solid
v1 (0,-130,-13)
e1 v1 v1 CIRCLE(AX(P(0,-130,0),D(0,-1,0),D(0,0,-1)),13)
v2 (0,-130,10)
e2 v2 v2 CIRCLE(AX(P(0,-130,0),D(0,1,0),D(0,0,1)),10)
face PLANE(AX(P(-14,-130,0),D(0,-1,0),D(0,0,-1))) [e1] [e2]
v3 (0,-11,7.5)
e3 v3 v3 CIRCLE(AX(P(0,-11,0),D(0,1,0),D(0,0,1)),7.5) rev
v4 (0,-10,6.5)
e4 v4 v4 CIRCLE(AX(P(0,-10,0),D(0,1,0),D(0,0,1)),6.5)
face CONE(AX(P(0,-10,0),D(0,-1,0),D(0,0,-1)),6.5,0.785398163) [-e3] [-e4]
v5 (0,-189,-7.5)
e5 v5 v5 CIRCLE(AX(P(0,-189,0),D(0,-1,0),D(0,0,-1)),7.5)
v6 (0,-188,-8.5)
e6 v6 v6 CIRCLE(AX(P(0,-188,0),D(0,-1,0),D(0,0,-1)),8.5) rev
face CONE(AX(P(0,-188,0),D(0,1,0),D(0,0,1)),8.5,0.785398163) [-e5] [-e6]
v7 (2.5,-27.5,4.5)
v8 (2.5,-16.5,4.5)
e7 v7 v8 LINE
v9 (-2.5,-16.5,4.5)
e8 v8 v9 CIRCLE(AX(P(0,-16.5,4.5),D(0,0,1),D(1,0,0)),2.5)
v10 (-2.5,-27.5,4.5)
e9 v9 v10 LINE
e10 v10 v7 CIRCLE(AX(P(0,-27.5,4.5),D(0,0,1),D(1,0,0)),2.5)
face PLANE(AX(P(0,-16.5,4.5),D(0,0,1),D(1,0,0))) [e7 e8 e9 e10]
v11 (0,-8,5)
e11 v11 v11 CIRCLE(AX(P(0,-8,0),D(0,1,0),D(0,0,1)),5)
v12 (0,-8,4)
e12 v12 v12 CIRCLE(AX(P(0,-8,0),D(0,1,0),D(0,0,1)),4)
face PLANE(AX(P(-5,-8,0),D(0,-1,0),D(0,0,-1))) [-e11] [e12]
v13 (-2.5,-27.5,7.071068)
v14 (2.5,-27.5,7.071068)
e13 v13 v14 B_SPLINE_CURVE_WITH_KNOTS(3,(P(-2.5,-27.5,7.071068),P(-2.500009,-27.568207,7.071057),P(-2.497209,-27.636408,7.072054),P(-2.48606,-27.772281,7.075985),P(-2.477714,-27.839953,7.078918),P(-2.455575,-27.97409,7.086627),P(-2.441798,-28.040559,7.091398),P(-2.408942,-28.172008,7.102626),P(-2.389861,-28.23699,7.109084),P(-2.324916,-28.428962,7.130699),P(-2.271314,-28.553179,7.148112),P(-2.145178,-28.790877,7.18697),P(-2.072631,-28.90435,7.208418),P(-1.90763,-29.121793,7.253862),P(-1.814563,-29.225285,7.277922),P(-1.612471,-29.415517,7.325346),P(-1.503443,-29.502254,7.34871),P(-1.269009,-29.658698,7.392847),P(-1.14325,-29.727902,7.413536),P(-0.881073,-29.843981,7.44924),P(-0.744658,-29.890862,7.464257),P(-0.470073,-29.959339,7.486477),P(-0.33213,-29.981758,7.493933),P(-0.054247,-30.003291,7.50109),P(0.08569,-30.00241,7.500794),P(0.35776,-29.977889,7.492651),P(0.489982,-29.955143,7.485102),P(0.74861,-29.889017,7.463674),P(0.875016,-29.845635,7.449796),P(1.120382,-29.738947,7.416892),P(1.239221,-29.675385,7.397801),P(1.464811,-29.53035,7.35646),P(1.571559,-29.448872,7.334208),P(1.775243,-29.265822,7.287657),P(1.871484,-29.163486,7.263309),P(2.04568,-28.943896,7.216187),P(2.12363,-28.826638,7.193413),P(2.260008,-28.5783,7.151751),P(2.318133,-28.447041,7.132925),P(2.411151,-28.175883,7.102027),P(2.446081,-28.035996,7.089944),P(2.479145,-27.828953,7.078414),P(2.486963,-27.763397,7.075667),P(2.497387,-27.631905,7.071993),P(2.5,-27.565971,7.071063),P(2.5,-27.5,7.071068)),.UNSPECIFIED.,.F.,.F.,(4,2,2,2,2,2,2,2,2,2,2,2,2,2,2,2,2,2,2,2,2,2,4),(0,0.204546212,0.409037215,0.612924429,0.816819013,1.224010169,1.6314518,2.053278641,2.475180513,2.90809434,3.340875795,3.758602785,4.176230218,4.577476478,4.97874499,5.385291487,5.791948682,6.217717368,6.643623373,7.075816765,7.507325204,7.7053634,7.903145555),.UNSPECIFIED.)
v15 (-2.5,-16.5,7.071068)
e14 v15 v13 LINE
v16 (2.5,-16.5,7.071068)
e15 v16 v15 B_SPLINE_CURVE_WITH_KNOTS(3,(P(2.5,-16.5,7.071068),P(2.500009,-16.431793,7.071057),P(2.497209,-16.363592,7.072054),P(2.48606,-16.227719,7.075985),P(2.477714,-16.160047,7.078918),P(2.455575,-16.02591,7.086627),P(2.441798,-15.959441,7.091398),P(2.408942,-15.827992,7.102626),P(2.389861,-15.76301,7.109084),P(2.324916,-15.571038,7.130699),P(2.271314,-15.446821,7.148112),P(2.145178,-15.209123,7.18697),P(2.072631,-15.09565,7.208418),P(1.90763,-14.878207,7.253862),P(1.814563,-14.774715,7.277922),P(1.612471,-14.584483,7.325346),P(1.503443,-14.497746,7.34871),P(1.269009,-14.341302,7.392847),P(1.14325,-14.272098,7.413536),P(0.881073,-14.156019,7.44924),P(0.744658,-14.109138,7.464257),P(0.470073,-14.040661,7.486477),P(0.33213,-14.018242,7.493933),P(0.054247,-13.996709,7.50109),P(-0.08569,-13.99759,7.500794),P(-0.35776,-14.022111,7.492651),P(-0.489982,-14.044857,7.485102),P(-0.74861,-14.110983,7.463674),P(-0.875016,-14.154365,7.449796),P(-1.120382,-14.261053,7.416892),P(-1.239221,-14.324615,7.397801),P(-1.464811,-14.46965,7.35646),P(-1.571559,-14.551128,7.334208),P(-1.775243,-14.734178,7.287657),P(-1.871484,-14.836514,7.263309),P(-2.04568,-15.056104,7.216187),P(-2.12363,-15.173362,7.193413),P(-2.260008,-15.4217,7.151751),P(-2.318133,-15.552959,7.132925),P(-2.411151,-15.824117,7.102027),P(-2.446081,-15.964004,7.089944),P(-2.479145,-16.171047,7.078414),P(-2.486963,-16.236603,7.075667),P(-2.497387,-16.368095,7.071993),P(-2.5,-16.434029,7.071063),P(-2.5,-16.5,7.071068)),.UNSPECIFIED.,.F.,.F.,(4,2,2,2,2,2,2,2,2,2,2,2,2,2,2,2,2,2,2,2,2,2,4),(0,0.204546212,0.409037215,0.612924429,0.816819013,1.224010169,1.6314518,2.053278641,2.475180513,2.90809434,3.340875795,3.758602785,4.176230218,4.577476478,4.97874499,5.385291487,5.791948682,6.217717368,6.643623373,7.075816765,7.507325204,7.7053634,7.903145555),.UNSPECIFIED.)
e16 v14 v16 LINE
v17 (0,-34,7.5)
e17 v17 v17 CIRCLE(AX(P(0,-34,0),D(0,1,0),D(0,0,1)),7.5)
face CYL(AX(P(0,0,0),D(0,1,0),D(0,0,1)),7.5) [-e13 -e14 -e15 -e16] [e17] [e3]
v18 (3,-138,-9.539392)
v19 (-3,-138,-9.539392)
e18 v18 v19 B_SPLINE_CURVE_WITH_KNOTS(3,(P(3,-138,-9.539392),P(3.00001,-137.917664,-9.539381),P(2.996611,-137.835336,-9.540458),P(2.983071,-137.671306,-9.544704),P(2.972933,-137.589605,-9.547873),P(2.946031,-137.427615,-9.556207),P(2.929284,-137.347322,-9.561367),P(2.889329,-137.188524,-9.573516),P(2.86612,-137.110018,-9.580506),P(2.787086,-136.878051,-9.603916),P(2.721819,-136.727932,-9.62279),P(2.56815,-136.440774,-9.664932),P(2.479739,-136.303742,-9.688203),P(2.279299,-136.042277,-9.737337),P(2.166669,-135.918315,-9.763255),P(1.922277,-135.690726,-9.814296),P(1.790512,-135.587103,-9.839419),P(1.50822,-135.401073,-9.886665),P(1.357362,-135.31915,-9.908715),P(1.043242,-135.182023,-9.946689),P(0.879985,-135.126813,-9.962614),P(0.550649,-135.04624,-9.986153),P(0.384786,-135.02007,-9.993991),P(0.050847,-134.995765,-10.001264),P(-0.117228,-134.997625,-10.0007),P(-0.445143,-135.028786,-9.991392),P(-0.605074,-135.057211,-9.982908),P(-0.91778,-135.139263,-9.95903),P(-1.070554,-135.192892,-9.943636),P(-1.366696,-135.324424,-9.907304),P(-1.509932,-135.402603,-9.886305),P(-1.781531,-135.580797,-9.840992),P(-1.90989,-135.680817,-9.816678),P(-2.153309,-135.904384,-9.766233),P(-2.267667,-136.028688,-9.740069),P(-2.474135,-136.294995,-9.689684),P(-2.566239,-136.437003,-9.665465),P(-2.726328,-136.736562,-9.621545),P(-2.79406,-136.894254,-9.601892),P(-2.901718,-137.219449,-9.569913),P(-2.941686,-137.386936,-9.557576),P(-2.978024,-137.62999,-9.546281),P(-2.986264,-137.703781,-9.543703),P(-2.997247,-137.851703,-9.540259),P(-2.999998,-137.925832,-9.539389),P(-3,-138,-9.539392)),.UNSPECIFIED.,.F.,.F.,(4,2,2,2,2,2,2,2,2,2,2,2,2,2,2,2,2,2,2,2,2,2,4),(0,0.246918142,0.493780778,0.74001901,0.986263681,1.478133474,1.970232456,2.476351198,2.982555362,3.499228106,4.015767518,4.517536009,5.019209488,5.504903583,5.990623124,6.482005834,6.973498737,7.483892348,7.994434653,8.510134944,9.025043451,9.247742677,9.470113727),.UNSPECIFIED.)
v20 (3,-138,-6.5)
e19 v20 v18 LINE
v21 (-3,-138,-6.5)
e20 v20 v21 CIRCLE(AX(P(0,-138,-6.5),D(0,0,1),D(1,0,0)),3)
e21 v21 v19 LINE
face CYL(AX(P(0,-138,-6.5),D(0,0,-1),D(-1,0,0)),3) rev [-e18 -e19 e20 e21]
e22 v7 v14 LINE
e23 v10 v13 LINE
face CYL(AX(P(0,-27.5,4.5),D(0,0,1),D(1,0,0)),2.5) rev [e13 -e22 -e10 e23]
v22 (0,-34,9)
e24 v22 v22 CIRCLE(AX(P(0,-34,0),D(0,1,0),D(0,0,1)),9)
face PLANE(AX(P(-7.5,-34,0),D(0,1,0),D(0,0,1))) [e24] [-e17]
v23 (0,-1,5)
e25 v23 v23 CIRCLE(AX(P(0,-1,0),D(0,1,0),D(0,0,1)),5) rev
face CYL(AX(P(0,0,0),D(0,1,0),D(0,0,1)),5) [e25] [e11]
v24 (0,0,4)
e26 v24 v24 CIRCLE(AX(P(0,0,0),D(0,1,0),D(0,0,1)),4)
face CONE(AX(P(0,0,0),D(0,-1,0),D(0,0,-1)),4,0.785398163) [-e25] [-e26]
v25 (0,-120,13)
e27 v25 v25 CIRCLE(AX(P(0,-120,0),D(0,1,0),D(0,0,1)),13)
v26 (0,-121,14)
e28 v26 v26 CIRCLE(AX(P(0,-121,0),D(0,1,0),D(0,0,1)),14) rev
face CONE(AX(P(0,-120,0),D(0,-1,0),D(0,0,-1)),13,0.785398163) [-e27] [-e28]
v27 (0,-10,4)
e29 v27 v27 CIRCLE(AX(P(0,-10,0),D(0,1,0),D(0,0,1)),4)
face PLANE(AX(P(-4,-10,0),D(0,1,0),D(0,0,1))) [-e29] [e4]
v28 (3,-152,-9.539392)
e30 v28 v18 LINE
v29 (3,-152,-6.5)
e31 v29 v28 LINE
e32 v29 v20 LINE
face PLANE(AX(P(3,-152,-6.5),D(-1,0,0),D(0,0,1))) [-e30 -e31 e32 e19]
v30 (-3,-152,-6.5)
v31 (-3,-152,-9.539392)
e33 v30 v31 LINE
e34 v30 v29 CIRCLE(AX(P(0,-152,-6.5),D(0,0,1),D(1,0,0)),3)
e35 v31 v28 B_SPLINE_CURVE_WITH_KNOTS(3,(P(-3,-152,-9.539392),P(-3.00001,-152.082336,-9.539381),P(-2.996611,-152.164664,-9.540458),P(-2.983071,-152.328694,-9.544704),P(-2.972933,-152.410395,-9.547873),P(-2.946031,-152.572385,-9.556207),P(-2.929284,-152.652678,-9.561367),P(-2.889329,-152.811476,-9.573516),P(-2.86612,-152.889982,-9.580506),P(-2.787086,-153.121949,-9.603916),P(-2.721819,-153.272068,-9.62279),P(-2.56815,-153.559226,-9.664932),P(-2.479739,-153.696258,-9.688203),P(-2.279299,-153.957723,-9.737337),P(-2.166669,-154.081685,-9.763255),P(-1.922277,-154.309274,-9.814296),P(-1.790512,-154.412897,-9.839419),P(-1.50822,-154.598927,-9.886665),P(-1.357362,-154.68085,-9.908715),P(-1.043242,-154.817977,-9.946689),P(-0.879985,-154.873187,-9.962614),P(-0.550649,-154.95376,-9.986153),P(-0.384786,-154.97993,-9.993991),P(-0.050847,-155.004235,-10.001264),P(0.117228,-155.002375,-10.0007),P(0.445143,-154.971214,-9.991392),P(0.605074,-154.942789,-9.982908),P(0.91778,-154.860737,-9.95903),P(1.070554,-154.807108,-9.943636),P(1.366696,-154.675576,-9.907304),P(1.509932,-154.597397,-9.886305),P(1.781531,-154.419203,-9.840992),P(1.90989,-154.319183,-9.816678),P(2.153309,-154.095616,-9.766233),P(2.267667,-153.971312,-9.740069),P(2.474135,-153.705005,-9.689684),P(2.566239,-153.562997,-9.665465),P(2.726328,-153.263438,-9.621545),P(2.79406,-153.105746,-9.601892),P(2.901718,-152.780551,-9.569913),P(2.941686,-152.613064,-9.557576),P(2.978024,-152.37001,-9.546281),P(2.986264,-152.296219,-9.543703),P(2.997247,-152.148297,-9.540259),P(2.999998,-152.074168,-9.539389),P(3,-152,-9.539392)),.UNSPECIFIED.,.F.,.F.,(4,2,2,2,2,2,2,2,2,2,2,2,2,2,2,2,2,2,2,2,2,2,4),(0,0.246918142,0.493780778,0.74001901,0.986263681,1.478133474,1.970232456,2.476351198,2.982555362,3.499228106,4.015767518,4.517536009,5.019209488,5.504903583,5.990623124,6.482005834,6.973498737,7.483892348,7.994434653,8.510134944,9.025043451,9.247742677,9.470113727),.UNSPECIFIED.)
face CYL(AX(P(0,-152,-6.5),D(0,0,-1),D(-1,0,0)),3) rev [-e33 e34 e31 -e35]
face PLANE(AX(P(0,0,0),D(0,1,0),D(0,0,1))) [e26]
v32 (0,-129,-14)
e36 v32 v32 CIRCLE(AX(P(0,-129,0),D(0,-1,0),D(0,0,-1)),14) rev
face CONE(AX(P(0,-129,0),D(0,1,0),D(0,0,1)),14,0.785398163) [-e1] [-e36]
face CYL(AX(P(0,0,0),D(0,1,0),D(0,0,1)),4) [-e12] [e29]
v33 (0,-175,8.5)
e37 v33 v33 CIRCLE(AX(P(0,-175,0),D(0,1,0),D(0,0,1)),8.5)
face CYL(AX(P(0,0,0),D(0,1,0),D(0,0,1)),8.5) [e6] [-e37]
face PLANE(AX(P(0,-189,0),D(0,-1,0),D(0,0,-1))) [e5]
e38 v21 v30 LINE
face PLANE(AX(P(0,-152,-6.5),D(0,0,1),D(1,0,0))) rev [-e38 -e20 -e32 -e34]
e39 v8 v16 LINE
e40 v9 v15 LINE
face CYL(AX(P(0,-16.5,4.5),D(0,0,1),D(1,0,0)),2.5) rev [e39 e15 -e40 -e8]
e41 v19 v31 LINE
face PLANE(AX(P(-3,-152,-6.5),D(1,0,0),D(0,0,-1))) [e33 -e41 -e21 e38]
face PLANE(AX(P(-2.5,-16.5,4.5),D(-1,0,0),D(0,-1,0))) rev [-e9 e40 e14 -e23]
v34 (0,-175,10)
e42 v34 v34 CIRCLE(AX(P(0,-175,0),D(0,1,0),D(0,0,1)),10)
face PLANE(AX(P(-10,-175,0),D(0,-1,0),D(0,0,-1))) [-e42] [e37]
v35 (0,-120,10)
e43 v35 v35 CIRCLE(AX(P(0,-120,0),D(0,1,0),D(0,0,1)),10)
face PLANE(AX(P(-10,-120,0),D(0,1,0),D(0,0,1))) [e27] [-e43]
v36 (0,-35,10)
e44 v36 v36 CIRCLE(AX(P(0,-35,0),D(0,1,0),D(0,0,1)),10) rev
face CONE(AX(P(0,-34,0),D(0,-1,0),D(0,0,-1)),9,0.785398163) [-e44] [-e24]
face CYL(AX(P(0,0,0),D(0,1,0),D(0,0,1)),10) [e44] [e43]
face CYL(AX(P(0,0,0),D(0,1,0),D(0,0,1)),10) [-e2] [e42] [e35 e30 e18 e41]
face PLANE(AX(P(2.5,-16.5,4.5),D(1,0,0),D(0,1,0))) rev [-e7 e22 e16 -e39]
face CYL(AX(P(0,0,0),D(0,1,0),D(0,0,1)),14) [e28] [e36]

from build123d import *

# Parameters (mm, degrees)
CHAMFER1_SIZE      = 1
CUT_EXTRUDE1_DEPTH = 3
CUT_EXTRUDE2_DEPTH = 3.5


with BuildPart() as part:
    # Sketch1 → Revolve1 (revolve)
    with BuildSketch(Plane.XY, mode=Mode.PRIVATE) as revolve1_sk:
        Polygon((0, 0), (0, -189), (-8.5, -189), (-8.5, -175), (-10, -175), (-10, -130), (-14, -130), (-14, -120), (-10, -120), (-10, -34), (-7.5, -34), (-7.5, -10), (-4, -10), (-4, -8), (-5, -8), (-5, 0), align=None)
    revolve(revolve1_sk.sketch.rotate(Axis((0, 0, 0), (0, -1, 0)), 270), axis=Axis((0, 0, 0), (0, -1, 0)))

    # Chamfer1
    chamfer1_edges = [part.edges().sort_by_distance(p)[0] for p in [
        (0, -189, -8.5),
        (0, -130, -14),
        (0, -120, -14),
        (0, -34, -10),
        (0, -10, -7.5),
        (0, 0, -5),
    ]]
    chamfer(chamfer1_edges, length=CHAMFER1_SIZE)

    # Sketch2 → Cut-Extrude1 (cut)
    with BuildSketch(Plane.XY.offset(7.5)):
        with BuildLine():
            Line((2.5, -16.5), (2.5, -27.5))
            ThreePointArc((2.5, -27.5), (0, -30), (-2.5, -27.5))
            Line((-2.5, -27.5), (-2.5, -16.5))
            ThreePointArc((-2.5, -16.5), (0, -14), (2.5, -16.5))
        make_face()
    extrude(amount=-CUT_EXTRUDE1_DEPTH, mode=Mode.SUBTRACT)

    # Sketch3 → Cut-Extrude2 (cut)
    with BuildSketch(Plane.XY.offset(-10)):
        with BuildLine():
            Line((-3, -152), (-3, -138))
            ThreePointArc((-3, -138), (0, -135), (3, -138))
            Line((3, -138), (3, -152))
            ThreePointArc((3, -152), (0, -155), (-3, -152))
        make_face()
    extrude(amount=CUT_EXTRUDE2_DEPTH, mode=Mode.SUBTRACT)


solid = part.part
